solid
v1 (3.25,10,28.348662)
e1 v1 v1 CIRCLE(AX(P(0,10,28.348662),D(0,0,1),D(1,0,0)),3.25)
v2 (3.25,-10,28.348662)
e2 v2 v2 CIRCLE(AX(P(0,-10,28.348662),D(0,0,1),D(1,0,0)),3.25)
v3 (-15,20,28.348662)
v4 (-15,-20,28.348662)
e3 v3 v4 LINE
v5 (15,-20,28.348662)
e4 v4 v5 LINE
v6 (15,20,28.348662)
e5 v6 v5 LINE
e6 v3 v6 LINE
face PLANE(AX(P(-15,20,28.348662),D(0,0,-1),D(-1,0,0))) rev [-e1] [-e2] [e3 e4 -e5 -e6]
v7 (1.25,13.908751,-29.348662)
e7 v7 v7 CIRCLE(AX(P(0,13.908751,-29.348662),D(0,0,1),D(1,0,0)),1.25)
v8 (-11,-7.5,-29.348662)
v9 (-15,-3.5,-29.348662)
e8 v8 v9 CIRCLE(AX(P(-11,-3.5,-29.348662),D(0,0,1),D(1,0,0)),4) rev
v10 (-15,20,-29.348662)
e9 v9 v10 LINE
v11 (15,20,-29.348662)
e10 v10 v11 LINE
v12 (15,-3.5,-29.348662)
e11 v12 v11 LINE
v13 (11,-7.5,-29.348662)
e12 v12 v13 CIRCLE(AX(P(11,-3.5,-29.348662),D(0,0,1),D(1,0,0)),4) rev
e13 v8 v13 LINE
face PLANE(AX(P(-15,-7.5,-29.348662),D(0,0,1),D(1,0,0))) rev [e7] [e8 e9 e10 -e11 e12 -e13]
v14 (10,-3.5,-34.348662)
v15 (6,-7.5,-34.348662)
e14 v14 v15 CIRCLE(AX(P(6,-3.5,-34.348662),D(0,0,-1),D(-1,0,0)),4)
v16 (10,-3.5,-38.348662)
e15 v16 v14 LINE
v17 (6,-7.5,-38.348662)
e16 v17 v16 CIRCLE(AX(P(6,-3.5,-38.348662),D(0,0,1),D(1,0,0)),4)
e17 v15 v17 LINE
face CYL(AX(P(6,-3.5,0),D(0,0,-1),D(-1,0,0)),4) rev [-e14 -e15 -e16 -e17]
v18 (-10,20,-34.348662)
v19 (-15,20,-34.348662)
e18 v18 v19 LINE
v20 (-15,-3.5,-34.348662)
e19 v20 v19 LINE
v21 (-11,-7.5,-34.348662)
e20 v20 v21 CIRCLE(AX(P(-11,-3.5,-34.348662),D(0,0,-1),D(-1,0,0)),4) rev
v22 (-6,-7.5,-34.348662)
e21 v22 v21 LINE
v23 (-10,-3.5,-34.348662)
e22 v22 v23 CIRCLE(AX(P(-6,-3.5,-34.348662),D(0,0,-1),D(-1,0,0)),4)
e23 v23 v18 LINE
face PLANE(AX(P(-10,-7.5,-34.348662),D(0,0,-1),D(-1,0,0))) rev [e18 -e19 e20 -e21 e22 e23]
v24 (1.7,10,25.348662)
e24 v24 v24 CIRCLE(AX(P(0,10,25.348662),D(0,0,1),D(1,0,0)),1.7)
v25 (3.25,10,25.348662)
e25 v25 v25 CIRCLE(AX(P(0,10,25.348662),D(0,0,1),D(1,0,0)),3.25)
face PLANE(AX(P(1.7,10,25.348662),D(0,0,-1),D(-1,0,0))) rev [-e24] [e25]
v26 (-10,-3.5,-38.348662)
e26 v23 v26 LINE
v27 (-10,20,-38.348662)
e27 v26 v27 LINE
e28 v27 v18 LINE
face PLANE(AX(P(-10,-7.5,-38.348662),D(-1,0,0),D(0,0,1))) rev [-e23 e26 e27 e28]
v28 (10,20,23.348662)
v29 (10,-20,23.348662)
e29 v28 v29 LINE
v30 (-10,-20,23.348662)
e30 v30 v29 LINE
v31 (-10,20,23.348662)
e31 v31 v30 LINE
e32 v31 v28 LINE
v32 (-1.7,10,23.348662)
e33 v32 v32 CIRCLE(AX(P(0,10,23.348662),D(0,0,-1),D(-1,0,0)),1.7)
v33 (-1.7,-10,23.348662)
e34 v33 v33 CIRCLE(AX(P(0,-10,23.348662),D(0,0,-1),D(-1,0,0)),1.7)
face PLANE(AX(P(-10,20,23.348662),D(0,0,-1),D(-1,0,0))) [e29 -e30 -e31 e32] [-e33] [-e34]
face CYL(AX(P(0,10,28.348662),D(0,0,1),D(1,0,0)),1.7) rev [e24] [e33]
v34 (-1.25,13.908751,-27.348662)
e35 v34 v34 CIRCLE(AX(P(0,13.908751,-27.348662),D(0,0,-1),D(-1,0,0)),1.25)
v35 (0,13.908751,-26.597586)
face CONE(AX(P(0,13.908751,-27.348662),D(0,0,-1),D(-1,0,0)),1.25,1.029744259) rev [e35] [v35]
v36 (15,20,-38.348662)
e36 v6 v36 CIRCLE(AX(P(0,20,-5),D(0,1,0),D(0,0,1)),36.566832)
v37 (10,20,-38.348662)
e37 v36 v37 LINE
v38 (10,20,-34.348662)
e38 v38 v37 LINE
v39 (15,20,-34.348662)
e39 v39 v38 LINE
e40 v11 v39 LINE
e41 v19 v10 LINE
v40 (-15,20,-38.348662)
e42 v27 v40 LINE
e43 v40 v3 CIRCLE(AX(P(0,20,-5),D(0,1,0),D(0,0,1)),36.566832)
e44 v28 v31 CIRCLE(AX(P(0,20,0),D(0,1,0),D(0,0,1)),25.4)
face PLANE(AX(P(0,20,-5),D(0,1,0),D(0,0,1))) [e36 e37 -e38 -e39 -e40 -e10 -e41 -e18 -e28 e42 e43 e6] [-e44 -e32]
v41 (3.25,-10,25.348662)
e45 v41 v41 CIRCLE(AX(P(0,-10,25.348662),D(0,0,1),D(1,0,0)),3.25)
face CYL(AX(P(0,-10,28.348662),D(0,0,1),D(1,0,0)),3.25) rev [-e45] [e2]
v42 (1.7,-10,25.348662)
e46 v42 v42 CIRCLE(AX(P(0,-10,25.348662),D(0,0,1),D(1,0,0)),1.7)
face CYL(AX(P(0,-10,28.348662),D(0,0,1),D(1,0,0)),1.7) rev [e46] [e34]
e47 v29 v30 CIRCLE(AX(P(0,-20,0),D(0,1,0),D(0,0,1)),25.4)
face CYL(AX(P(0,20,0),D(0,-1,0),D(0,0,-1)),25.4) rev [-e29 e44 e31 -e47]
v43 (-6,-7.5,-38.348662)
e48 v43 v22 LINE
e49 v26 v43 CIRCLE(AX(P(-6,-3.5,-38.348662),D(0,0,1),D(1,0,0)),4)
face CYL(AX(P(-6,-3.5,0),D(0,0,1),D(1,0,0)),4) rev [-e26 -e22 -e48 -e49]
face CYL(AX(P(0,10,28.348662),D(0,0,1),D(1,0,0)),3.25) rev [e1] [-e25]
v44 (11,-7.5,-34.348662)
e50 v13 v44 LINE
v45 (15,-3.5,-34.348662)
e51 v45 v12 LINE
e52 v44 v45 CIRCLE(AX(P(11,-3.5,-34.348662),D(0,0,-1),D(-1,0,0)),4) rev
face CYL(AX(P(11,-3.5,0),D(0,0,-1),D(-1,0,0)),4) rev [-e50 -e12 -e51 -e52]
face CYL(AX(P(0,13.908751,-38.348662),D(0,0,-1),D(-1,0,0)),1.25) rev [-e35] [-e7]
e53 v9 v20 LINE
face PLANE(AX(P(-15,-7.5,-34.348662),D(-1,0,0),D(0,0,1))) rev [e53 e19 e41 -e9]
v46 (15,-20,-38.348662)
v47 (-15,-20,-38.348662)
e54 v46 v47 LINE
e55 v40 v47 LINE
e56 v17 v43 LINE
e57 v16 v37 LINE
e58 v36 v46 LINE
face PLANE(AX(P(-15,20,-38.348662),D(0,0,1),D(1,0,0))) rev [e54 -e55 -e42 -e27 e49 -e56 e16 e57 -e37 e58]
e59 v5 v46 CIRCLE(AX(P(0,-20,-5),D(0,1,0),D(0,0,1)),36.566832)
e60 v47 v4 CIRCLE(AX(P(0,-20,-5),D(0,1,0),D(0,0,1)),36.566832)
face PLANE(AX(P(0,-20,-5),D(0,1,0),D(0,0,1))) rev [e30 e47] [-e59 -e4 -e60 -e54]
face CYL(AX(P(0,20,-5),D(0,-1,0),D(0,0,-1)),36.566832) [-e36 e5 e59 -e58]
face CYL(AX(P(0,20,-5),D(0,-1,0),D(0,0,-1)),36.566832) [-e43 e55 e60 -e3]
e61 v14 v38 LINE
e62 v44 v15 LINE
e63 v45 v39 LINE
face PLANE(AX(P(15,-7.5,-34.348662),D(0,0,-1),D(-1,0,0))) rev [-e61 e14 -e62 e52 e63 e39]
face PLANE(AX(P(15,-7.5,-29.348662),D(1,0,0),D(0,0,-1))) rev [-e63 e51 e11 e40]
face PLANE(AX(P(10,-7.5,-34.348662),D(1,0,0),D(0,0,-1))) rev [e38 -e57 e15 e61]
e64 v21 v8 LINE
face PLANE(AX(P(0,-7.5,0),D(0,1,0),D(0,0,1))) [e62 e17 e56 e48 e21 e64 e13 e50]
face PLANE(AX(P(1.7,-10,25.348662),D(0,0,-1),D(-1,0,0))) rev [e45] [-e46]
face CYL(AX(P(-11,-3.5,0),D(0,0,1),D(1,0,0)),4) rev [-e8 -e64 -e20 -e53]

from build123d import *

# Parameters (mm, degrees)
BOSS_EXTRUDE1_DEPTH            = 20
CUT_EXTRUDE1_DEPTH             = 27.5
FILLET1_R                      = 4
CBORE_FOR_M3_SHCS1_D           = 3.4
CBORE_FOR_M3_SHCS1_DEPTH       = 5
CBORE_FOR_M3_SHCS1_CBORE_D     = 6.5
CBORE_FOR_M3_SHCS1_CBORE_DEPTH = 3
M3X0_5_TAPPED_HOLE1_D          = 2.5
M3X0_5_TAPPED_HOLE1_DEPTH      = 11
M3X0_5_TAPPED_HOLE1_TIP        = 0.751075774


with BuildPart() as part:
    # Sketch1 → Boss-Extrude1 (new body, symmetric)
    with BuildSketch(Plane(origin=(0, 0, 0), x_dir=(1, 0, 0), z_dir=(0, 1, 0))):
        with BuildLine():
            Line((-15, -28.348661632), (15, -28.348661632))
            ThreePointArc((15, -28.348661632), (36.566832412, 5), (15, 38.348661632))
            Line((15, 38.348661632), (-15, 38.348661632))
            ThreePointArc((-15, 38.348661632), (-36.566832412, 5), (-15, -28.348661632))
        make_face()
        with BuildLine():
            Line((-10, -23.348661632), (10, -23.348661632))
            ThreePointArc((10, -23.348661632), (0, 25.4), (-10, -23.348661632))
        make_face(mode=Mode.SUBTRACT)
    extrude(amount=BOSS_EXTRUDE1_DEPTH, both=True)

    # Sketch3 → Cut-Extrude1 (cut)
    with BuildSketch(Plane(origin=(0, 20, 0), x_dir=(1, 0, 0), z_dir=(0, 1, 0))):
        Polygon((-10, 38.348661632), (-10, 34.348661632), (-15, 34.348661632), (-15, 29.348661632), (15, 29.348661632), (15, 34.348661632), (10, 34.348661632), (10, 38.348661632), align=None)
    extrude(amount=-CUT_EXTRUDE1_DEPTH, mode=Mode.SUBTRACT)

    # Fillet1
    fillet1_edges = [part.edges().sort_by_distance(p)[0] for p in [
        (10, -7.5, -36.348661632),
        (15, -7.5, -31.848661632),
        (-15, -7.5, -31.848661632),
        (-10, -7.5, -36.348661632),
    ]]
    fillet(fillet1_edges, radius=FILLET1_R)

    # CBORE for M3 SHCS1
    with Locations(Plane.XY.offset(28.348661632)):
        with Locations((0, 10), (0, -10)):
            CounterBoreHole(CBORE_FOR_M3_SHCS1_D / 2, CBORE_FOR_M3_SHCS1_CBORE_D / 2, CBORE_FOR_M3_SHCS1_CBORE_DEPTH, depth=CBORE_FOR_M3_SHCS1_DEPTH)

    # M3x0.5 Tapped Hole1
    with Locations(Plane(origin=(0, 0, -38.348661632), x_dir=(-1, 0, 0), z_dir=(0, 0, -1))):
        with Locations((0, 13.90875121)):
            Hole(M3X0_5_TAPPED_HOLE1_D / 2, depth=M3X0_5_TAPPED_HOLE1_DEPTH)
            with Locations((0, 0, -(M3X0_5_TAPPED_HOLE1_DEPTH + M3X0_5_TAPPED_HOLE1_TIP / 2))):  # 118° drill point
                Cone(0, M3X0_5_TAPPED_HOLE1_D / 2, M3X0_5_TAPPED_HOLE1_TIP, mode=Mode.SUBTRACT)


solid = part.part
